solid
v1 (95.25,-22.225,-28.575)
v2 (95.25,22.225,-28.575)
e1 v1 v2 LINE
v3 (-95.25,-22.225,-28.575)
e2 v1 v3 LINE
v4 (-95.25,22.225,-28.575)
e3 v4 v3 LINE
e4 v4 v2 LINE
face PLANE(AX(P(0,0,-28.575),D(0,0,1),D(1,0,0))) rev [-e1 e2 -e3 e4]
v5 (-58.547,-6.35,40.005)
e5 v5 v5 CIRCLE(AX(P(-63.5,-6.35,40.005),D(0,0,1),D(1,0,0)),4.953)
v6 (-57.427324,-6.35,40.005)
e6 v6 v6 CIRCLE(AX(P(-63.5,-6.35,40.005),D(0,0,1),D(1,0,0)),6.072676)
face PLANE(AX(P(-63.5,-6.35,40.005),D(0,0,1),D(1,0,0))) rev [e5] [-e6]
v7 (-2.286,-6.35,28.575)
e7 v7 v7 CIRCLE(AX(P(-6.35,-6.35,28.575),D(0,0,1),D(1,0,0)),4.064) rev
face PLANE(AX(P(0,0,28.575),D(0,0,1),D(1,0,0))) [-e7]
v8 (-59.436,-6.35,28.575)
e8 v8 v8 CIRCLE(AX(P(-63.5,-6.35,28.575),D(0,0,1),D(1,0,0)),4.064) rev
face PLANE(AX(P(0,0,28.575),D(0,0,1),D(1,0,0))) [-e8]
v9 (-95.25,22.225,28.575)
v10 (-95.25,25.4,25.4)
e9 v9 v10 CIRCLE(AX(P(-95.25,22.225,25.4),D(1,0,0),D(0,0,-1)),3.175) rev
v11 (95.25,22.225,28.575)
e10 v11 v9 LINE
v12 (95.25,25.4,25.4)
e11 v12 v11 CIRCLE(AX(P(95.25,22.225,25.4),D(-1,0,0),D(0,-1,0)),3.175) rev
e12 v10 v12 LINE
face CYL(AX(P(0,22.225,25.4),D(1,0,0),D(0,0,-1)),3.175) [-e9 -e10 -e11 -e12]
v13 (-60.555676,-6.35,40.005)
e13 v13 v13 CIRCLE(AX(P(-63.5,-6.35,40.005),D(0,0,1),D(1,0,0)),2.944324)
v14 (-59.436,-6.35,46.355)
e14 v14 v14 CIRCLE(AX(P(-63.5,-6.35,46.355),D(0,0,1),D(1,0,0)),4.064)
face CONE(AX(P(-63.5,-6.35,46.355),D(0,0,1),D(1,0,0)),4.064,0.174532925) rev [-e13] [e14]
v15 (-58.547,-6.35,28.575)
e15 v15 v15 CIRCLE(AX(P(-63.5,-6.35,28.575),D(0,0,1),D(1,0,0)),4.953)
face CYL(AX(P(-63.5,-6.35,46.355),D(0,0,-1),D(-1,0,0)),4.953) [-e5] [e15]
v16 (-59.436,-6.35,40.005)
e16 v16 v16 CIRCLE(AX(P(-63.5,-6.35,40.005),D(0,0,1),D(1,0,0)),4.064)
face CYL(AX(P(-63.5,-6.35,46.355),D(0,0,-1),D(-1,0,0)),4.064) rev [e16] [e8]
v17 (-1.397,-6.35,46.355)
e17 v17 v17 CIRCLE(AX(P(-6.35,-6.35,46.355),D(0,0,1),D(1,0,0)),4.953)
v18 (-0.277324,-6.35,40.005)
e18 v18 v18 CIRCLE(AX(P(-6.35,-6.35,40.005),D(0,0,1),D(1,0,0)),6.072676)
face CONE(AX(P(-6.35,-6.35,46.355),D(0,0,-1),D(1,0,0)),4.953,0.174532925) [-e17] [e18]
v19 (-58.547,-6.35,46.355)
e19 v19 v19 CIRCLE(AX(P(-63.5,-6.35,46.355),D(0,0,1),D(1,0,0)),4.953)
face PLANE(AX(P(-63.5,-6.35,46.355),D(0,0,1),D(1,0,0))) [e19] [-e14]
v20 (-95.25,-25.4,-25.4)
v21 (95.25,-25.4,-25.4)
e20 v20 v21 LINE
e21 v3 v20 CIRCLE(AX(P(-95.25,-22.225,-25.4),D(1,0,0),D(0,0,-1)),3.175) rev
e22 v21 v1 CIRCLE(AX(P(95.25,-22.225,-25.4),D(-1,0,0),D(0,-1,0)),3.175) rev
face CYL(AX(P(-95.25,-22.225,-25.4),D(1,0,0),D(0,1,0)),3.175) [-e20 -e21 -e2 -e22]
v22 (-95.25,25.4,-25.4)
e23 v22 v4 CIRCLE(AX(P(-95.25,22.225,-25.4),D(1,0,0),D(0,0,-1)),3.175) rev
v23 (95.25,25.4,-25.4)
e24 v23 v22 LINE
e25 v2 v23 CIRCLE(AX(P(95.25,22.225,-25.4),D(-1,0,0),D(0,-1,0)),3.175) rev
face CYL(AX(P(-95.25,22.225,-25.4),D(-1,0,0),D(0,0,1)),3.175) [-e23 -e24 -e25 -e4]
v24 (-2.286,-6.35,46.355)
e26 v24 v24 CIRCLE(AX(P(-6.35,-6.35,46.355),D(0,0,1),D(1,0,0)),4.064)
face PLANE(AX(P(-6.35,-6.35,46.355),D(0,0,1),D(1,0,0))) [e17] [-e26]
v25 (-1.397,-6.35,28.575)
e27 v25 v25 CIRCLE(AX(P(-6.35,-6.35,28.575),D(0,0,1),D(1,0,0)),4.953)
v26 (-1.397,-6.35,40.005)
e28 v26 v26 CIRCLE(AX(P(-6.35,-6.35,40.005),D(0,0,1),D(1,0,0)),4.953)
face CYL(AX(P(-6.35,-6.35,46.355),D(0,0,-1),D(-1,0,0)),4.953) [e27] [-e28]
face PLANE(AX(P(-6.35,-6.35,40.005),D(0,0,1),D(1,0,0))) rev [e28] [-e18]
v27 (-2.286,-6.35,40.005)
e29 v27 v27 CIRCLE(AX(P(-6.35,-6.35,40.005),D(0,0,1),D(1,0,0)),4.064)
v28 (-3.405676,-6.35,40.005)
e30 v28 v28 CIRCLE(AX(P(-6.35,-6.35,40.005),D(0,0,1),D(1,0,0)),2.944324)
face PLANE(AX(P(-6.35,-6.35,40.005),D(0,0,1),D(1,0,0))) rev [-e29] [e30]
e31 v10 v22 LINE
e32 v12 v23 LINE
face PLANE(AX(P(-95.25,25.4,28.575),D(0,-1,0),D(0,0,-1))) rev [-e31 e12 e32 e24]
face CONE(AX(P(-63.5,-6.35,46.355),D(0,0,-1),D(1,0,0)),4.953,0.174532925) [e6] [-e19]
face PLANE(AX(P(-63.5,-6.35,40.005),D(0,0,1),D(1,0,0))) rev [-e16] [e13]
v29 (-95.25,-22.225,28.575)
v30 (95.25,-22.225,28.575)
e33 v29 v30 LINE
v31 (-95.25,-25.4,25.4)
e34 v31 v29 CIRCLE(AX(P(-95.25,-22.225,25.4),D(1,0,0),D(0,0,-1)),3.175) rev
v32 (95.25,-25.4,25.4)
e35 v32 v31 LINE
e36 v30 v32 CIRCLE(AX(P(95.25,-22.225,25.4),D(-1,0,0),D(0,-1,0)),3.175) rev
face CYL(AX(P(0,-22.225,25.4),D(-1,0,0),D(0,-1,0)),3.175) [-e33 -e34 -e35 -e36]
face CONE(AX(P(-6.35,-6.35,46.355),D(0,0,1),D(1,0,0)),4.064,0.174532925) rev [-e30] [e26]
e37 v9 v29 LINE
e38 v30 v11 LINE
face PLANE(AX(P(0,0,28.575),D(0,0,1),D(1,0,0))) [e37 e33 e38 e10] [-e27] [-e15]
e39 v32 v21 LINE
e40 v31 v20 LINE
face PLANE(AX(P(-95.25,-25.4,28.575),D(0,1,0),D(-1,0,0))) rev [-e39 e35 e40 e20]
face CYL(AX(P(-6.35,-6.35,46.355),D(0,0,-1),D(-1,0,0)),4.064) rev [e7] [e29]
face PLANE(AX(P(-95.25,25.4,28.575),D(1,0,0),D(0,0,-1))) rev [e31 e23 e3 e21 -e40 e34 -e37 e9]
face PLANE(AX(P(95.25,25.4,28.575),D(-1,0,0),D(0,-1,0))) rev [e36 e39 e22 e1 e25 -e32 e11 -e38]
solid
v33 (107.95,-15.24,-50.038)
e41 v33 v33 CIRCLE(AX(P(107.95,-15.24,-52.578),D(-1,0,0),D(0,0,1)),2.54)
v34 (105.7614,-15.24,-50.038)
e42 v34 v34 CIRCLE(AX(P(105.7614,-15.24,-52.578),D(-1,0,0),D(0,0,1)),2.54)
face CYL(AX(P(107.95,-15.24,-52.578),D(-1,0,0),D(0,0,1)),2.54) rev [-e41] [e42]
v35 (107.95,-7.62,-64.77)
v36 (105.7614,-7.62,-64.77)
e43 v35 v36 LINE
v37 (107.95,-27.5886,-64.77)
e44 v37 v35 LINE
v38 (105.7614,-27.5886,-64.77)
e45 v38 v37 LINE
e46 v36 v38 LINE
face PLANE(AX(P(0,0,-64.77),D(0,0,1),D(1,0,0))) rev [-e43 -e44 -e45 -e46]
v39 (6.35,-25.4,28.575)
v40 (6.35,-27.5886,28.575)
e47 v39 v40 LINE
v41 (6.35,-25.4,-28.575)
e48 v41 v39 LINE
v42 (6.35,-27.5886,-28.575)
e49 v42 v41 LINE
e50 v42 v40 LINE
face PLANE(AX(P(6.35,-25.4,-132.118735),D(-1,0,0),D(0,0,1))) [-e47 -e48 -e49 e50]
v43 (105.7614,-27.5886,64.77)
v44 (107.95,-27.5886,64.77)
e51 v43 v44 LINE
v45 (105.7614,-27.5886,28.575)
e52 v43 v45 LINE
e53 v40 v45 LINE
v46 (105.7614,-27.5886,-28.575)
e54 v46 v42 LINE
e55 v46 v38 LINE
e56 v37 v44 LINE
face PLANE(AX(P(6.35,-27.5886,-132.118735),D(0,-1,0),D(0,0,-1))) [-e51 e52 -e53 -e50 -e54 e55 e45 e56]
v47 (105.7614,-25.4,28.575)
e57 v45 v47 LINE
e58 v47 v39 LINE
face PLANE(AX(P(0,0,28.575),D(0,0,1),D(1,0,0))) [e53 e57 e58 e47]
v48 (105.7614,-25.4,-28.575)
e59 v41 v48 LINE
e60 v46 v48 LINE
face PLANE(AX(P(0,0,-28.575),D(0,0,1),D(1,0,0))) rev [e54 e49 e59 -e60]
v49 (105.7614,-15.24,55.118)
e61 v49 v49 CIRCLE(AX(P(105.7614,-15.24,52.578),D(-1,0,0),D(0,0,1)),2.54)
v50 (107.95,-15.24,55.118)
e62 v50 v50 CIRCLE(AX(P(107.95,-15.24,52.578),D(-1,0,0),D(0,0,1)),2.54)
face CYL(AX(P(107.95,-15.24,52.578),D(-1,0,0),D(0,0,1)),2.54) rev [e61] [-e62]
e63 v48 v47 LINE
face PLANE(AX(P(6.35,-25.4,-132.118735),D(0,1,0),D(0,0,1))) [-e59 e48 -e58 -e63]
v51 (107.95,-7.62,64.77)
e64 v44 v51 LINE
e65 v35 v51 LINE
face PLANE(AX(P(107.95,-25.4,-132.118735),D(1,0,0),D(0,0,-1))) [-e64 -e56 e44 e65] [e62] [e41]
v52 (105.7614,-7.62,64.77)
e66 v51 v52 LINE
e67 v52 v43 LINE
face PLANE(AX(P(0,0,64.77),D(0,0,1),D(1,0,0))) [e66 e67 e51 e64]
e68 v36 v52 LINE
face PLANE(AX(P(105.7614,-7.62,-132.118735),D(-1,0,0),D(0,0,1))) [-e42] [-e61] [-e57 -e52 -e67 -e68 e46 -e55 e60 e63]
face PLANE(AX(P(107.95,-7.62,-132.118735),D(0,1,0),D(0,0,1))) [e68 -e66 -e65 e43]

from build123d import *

# Parameters (mm, degrees)
SKETCH1_W                     = 190.5
SKETCH1_H                     = 50.8
BOSS_EXTRUDE1_DEPTH           = 28.575
SKETCH2_R                     = 4.953
SKETCH2_R_2                   = 4.064
BOSS_EXTRUDE2_DEPTH           = 17.78
SKETCH3_R                     = 4.953
SKETCH3_R_2                   = 4.064
BOSS_EXTRUDE3_DEPTH           = 6.35
BOSS_EXTRUDE3_DRAFT           = 10
BOSS_EXTRUDE3_PROFILE_2_DEPTH = 6.35
BOSS_EXTRUDE3_PROFILE_2_DRAFT = 10
BOSS_EXTRUDE4_DEPTH           = 57.15
SKETCH7_W                     = 2.188600317
SKETCH7_H                     = 19.968600317
BOSS_EXTRUDE5_DEPTH           = 64.77
SKETCH8_R                     = 2.54
CUT_EXTRUDE1_DEPTH            = 213.983254201
FILLET1_R                     = 3.175


with BuildPart() as part:
    # Sketch1 → Boss-Extrude1 (new, symmetric)
    with BuildSketch(Plane.XY):
        Rectangle(SKETCH1_W, SKETCH1_H)
    extrude(amount=BOSS_EXTRUDE1_DEPTH, both=True)

    # Sketch2 → Boss-Extrude2 (add)
    # profile 1 of 2: a face of its own
    with BuildSketch(Plane.XY.offset(28.575)):
        with Locations((-63.5, -6.35)):
            Circle(SKETCH2_R)
        with Locations((-63.5, -6.35)):
            Circle(SKETCH2_R_2, mode=Mode.SUBTRACT)
    # profile 2 of 2: a face of its own
    with BuildSketch(Plane.XY.offset(28.575)):
        with Locations((-6.35, -6.35)):
            Circle(SKETCH2_R)
        with Locations((-6.35, -6.35)):
            Circle(SKETCH2_R_2, mode=Mode.SUBTRACT)
    extrude(amount=BOSS_EXTRUDE2_DEPTH)


with BuildPart() as boss_extrude3_tool:
    # Sketch3 → Boss-Extrude3 (with draft: the straight prism first)
    with BuildSketch(Plane.XY.offset(46.355)):
        with Locations((-63.5, -6.35)):
            Circle(SKETCH3_R)
        with Locations((-63.5, -6.35)):
            Circle(SKETCH3_R_2, mode=Mode.SUBTRACT)
    extrude(amount=-BOSS_EXTRUDE3_DEPTH)
    # Boss-Extrude3: the draft: its side faces are tilted about the plane it starts from
    boss_extrude3_sides = [boss_extrude3_tool.faces().sort_by_distance(p)[0] for p in [
        (-68.453, -6.35, 43.18),
        (-67.564, -6.35, 43.18),
    ]]
    draft(boss_extrude3_sides, Plane.XY.offset(46.355), BOSS_EXTRUDE3_DRAFT)


with BuildPart() as part_1:
    add(part.part)

    # Boss-Extrude3: add boss_extrude3_tool
    add(boss_extrude3_tool.part)


with BuildPart() as boss_extrude3_profile_2_tool:
    # Sketch3 → Boss-Extrude3 profile 2 (with draft: the straight prism first)
    with BuildSketch(Plane.XY.offset(46.355)):
        with Locations((-6.35, -6.35)):
            Circle(SKETCH3_R)
        with Locations((-6.35, -6.35)):
            Circle(SKETCH3_R_2, mode=Mode.SUBTRACT)
    extrude(amount=-BOSS_EXTRUDE3_PROFILE_2_DEPTH)
    # Boss-Extrude3 profile 2: the draft: its side faces are tilted about the plane it starts from
    boss_extrude3_profile_2_sides = [boss_extrude3_profile_2_tool.faces().sort_by_distance(p)[0] for p in [
        (-11.303, -6.35, 43.18),
        (-10.414, -6.35, 43.18),
    ]]
    draft(boss_extrude3_profile_2_sides, Plane.XY.offset(46.355), BOSS_EXTRUDE3_PROFILE_2_DRAFT)


with BuildPart() as part_2:
    add(part_1.part)

    # Boss-Extrude3 profile 2: add boss_extrude3_profile_2_tool
    add(boss_extrude3_profile_2_tool.part)

    # Fillet1
    fillet1_edges = [part_2.edges().sort_by_distance(p)[0] for p in [
        (0, -25.4, 28.575),
        (0, -25.4, -28.575),
        (0, 25.4, -28.575),
        (0, 25.4, 28.575),
    ]]
    fillet(fillet1_edges, radius=FILLET1_R)


with BuildPart() as body_2:
    # Sketch5 → Boss-Extrude4 (new body)
    with BuildSketch(Plane.XY.offset(28.575)):
        Polygon((6.35, -25.4), (105.761399683, -25.4), (105.761399683, -7.62), (107.95, -7.62), (107.95, -25.4), (107.95, -27.588600317), (6.35, -27.588600317), align=None)
    extrude(amount=-BOSS_EXTRUDE4_DEPTH)

    # Sketch7 → Boss-Extrude5 (add, symmetric)
    with BuildSketch(Plane.XY):
        with Locations((106.855699842, -17.604300158)):
            Rectangle(SKETCH7_W, SKETCH7_H)
    extrude(amount=BOSS_EXTRUDE5_DEPTH, both=True)

    # Sketch8 → Cut-Extrude1 (cut, through all)
    with BuildSketch(Plane.ZY.offset(-105.761399683)):
        with Locations((52.578, -15.24)):
            Circle(SKETCH8_R)
        with Locations((-52.578, -15.24)):
            Circle(SKETCH8_R)
    extrude(amount=-CUT_EXTRUDE1_DEPTH, mode=Mode.SUBTRACT)


solid = Compound([part_2.part, body_2.part])
